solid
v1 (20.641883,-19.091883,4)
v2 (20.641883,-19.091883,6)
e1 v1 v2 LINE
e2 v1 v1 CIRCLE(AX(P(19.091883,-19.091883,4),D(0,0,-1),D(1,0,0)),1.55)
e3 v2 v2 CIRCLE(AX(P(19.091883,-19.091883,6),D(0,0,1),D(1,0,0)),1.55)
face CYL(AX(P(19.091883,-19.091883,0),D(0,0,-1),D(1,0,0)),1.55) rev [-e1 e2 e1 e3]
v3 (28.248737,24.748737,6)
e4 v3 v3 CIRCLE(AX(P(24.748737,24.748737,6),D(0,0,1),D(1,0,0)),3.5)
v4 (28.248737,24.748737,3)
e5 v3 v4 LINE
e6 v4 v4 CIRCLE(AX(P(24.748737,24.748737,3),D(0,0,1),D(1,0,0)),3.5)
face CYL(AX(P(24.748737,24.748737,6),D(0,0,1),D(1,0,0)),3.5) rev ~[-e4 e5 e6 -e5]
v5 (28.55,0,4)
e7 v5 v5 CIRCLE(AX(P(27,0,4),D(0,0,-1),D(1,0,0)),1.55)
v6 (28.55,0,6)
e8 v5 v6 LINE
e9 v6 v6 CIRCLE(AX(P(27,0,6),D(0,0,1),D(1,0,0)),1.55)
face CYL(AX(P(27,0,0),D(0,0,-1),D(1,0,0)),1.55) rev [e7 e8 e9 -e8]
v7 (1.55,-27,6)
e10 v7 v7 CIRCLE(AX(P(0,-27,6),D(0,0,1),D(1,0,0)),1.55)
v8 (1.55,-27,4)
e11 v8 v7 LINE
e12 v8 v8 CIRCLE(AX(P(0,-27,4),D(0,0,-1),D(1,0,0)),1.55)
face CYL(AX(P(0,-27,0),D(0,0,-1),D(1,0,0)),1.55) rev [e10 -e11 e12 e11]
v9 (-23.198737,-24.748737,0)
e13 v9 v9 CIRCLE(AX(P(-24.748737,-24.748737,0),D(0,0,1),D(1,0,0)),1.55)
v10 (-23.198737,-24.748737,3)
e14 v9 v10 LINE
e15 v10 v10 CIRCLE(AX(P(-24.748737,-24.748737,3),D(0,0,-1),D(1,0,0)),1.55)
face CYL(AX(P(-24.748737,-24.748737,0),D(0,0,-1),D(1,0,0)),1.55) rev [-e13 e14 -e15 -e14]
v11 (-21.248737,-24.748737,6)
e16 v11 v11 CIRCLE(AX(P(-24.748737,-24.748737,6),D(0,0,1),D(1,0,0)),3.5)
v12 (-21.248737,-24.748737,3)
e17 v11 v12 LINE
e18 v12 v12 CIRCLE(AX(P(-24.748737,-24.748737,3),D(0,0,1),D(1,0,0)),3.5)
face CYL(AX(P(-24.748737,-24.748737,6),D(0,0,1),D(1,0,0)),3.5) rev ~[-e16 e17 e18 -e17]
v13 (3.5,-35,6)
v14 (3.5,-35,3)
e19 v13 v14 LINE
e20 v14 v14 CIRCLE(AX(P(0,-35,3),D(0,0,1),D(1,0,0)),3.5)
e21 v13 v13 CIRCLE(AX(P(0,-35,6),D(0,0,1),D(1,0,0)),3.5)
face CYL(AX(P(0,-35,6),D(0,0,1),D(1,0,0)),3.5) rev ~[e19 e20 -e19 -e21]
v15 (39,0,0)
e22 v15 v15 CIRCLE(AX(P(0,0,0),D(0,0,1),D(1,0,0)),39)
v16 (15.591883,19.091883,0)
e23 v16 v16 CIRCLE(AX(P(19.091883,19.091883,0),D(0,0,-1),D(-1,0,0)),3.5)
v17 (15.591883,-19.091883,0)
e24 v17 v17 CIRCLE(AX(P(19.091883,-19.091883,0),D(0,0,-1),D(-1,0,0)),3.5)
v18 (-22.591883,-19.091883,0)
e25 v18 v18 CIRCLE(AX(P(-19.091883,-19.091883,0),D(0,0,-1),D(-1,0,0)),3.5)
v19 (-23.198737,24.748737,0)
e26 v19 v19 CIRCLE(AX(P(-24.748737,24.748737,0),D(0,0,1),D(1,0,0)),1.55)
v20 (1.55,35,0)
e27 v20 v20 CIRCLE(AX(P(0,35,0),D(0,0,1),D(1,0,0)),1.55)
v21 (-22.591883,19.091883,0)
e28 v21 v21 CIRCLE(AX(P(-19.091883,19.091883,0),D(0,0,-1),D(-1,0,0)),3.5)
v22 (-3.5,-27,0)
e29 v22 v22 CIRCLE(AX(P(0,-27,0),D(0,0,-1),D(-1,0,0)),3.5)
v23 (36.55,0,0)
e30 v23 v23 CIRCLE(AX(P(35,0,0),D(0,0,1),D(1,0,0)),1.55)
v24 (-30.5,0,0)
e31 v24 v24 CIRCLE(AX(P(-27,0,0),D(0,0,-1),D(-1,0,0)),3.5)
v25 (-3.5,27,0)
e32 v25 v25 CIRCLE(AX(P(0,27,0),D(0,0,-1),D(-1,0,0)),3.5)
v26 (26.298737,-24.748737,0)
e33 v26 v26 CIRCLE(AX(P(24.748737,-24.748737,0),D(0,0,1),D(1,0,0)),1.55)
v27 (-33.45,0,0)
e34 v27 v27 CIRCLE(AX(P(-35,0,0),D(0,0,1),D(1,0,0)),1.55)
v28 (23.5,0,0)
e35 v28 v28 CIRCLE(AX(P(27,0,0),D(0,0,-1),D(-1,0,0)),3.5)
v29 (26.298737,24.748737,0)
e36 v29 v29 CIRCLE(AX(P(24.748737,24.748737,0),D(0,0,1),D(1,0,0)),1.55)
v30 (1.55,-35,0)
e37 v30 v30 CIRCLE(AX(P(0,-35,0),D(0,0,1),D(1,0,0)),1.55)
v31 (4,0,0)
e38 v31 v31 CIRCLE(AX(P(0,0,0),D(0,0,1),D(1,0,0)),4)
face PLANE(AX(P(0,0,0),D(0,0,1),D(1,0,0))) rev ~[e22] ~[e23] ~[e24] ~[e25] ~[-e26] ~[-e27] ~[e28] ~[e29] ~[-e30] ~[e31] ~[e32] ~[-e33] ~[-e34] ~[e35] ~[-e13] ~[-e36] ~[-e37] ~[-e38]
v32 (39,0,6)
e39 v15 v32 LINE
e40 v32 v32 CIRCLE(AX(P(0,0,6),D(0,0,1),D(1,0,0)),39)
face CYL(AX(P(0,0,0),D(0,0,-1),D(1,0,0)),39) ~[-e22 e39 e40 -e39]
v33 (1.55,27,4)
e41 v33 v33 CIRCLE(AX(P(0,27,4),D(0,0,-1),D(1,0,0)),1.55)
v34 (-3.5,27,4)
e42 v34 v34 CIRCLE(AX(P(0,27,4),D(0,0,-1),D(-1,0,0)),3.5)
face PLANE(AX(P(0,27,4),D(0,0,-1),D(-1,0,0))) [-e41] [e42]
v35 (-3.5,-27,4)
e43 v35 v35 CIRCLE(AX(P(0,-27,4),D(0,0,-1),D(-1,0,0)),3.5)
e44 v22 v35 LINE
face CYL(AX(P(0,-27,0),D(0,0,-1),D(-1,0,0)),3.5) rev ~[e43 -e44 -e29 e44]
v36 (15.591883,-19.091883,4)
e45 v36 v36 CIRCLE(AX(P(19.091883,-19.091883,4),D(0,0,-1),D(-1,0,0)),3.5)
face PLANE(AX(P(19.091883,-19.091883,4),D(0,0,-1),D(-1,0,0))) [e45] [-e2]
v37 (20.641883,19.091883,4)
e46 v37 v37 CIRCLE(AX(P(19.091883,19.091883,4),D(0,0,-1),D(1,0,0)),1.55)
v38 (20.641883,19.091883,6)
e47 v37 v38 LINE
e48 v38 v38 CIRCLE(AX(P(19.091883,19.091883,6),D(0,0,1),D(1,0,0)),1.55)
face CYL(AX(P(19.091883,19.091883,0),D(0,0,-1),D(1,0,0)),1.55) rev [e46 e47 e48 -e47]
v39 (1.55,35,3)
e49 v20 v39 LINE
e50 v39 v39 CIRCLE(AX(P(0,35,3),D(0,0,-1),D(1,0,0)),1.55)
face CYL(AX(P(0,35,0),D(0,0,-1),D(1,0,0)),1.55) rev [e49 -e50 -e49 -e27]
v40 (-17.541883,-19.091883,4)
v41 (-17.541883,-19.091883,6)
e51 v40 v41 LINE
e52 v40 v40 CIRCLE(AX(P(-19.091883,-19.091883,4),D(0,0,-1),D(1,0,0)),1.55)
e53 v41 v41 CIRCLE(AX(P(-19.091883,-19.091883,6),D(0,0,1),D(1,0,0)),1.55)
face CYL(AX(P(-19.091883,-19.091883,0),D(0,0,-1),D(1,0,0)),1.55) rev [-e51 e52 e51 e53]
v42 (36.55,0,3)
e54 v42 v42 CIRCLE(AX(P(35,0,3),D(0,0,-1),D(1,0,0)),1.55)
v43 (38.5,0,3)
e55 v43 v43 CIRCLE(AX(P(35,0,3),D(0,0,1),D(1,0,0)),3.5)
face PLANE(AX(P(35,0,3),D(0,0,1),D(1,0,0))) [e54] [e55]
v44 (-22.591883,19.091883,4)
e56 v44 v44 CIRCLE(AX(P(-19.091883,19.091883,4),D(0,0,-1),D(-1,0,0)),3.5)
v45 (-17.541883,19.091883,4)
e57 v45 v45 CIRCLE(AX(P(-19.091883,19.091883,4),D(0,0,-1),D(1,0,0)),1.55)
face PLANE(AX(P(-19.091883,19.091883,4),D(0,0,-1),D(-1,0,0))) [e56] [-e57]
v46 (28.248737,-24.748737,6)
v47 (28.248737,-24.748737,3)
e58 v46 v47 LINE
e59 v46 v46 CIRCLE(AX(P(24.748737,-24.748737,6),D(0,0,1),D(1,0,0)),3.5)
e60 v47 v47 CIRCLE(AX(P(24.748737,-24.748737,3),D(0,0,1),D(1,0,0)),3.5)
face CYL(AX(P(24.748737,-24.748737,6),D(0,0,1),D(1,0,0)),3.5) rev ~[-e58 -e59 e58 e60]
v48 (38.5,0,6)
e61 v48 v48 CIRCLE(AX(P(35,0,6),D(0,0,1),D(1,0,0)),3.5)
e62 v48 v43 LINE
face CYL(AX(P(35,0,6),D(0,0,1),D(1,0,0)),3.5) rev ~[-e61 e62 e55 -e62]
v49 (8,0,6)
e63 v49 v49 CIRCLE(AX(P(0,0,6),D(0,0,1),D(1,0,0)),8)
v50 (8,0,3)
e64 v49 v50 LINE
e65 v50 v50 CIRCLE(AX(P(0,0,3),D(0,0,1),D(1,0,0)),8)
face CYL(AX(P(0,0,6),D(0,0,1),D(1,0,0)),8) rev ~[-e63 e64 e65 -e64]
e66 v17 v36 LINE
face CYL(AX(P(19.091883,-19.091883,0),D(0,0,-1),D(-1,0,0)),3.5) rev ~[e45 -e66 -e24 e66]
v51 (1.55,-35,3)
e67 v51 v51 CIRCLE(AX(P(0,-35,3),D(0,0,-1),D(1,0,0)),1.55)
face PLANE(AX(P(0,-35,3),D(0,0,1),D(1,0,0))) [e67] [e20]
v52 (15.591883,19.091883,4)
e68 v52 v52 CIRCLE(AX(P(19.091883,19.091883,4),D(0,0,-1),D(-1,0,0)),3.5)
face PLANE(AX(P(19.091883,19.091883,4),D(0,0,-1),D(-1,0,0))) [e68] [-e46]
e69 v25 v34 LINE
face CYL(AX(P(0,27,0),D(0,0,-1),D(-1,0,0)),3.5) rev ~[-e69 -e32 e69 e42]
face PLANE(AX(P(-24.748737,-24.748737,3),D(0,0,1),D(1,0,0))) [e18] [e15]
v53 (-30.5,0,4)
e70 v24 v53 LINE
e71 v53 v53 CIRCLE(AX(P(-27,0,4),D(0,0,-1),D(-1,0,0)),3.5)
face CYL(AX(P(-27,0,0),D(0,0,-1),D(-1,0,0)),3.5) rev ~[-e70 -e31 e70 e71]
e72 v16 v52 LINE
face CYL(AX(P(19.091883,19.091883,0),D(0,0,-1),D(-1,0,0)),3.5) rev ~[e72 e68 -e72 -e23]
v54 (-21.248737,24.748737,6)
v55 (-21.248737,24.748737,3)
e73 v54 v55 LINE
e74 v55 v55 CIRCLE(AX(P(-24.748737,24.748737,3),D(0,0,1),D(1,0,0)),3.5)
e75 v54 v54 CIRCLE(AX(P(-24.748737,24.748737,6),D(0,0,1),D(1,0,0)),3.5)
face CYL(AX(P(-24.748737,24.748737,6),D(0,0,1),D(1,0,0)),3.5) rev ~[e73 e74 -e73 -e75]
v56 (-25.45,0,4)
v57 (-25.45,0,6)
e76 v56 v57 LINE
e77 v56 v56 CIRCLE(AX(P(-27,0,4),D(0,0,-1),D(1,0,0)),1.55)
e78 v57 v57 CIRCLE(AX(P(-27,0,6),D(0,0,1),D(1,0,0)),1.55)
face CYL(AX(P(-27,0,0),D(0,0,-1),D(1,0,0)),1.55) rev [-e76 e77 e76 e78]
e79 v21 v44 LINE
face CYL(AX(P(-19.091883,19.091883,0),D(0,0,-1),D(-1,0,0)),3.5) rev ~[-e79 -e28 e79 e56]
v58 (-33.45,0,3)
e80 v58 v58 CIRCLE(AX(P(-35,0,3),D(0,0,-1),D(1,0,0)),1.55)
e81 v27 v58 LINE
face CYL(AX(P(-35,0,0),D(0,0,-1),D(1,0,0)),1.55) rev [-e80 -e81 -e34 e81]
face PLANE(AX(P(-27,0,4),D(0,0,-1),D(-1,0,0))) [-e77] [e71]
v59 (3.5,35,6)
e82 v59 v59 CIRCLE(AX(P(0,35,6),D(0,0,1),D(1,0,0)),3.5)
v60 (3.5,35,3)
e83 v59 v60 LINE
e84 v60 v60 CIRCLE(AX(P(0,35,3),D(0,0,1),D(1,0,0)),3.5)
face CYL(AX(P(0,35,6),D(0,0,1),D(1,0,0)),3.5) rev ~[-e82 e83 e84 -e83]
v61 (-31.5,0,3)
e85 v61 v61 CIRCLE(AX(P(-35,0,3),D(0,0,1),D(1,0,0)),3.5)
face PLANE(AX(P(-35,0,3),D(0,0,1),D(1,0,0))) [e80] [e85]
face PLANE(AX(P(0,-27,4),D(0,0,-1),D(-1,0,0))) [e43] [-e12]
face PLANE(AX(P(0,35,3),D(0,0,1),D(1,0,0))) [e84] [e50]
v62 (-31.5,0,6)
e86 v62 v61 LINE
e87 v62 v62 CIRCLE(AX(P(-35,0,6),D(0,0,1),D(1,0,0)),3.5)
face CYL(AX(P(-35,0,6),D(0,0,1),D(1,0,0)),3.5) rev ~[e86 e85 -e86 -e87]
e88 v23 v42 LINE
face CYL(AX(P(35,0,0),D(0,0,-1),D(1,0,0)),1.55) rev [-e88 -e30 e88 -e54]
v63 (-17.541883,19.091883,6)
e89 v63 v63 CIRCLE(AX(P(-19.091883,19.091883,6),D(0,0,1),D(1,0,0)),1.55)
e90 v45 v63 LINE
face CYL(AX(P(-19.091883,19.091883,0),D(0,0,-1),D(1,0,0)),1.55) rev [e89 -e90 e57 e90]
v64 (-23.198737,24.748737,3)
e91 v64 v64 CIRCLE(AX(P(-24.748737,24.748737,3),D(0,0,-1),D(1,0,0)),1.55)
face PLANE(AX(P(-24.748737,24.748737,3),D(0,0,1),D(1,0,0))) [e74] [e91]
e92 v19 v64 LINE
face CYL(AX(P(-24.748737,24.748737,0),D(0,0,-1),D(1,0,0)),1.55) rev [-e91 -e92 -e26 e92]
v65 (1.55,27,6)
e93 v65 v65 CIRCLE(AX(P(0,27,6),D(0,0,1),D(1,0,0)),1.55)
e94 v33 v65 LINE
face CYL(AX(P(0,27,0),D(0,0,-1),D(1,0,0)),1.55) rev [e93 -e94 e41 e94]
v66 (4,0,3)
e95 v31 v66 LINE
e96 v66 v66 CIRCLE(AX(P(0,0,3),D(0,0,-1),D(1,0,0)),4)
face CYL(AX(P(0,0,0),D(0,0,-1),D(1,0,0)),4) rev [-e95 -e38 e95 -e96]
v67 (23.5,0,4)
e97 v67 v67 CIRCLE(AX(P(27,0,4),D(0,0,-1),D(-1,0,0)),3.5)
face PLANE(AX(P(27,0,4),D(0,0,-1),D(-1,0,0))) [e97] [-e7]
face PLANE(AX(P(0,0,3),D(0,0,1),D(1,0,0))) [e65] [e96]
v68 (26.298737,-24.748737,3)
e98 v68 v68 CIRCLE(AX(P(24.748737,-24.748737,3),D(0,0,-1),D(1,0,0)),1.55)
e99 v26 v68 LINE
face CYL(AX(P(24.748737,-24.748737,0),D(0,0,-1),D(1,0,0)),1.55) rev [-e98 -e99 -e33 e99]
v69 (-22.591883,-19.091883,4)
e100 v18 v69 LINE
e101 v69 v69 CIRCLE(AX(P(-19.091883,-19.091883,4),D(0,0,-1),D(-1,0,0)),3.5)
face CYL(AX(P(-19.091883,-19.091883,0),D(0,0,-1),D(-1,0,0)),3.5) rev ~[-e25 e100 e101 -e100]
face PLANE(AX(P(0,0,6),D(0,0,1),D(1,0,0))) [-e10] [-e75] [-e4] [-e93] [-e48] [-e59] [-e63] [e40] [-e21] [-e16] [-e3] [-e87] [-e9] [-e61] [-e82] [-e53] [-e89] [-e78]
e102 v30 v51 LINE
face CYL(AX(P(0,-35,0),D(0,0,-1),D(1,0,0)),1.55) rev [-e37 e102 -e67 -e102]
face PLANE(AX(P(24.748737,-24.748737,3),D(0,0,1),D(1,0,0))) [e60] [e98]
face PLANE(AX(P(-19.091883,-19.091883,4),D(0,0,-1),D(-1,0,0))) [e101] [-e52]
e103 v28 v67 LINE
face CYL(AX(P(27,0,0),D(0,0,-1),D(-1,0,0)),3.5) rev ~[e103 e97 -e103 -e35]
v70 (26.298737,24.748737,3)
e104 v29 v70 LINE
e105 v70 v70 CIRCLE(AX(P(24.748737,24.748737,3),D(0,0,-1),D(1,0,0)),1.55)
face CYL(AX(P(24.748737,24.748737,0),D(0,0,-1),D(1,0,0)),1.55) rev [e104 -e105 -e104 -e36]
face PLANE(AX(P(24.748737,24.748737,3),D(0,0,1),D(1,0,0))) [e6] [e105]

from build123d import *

# Parameters (mm, degrees)
SKETCH1_R           = 39
SKETCH1_R_2         = 1.55
SKETCH1_R_3         = 4
BOSS_EXTRUDE2_DEPTH = 6
SKETCH2_R           = 8
CUT_EXTRUDE1_DEPTH  = 3
SKETCH3_R           = 3.5
CUT_EXTRUDE2_DEPTH  = 4
SKETCH4_R           = 3.5
CUT_EXTRUDE3_DEPTH  = 3


with BuildPart() as part:
    # Sketch1 → Boss-Extrude2 (new body)
    with BuildSketch(Plane.XY):
        Circle(SKETCH1_R)
        with Locations((-27, 0)):
            Circle(SKETCH1_R_2, mode=Mode.SUBTRACT)
        with Locations((-19.091883092, 19.091883092)):
            Circle(SKETCH1_R_2, mode=Mode.SUBTRACT)
        with Locations((0, 27)):
            Circle(SKETCH1_R_2, mode=Mode.SUBTRACT)
        with Locations((19.091883092, 19.091883092)):
            Circle(SKETCH1_R_2, mode=Mode.SUBTRACT)
        with Locations((27, 0)):
            Circle(SKETCH1_R_2, mode=Mode.SUBTRACT)
        with Locations((19.091883092, -19.091883092)):
            Circle(SKETCH1_R_2, mode=Mode.SUBTRACT)
        with Locations((0, -27)):
            Circle(SKETCH1_R_2, mode=Mode.SUBTRACT)
        with Locations((-19.091883092, -19.091883092)):
            Circle(SKETCH1_R_2, mode=Mode.SUBTRACT)
        Circle(SKETCH1_R_3, mode=Mode.SUBTRACT)
        with Locations((-35, 0)):
            Circle(SKETCH1_R_2, mode=Mode.SUBTRACT)
        with Locations((-24.748737342, 24.748737342)):
            Circle(SKETCH1_R_2, mode=Mode.SUBTRACT)
        with Locations((0, 35)):
            Circle(SKETCH1_R_2, mode=Mode.SUBTRACT)
        with Locations((24.748737342, 24.748737342)):
            Circle(SKETCH1_R_2, mode=Mode.SUBTRACT)
        with Locations((35, 0)):
            Circle(SKETCH1_R_2, mode=Mode.SUBTRACT)
        with Locations((24.748737342, -24.748737342)):
            Circle(SKETCH1_R_2, mode=Mode.SUBTRACT)
        with Locations((0, -35)):
            Circle(SKETCH1_R_2, mode=Mode.SUBTRACT)
        with Locations((-24.748737342, -24.748737342)):
            Circle(SKETCH1_R_2, mode=Mode.SUBTRACT)
    extrude(amount=BOSS_EXTRUDE2_DEPTH)

    # Sketch2 → Cut-Extrude1 (cut)
    with BuildSketch(Plane.XY.offset(6)):
        Circle(SKETCH2_R)
    extrude(amount=-CUT_EXTRUDE1_DEPTH, mode=Mode.SUBTRACT)

    # Sketch3 → Cut-Extrude2 (cut)
    with BuildSketch(Plane(origin=(0, 0, 0), x_dir=(-1, 0, 0), z_dir=(0, 0, -1))):
        with Locations((0, 27)):
            Circle(SKETCH3_R)
        with Locations((19.091883092, 19.091883092)):
            Circle(SKETCH3_R)
        with Locations((27, 0)):
            Circle(SKETCH3_R)
        with Locations((19.091883092, -19.091883092)):
            Circle(SKETCH3_R)
        with Locations((0, -27)):
            Circle(SKETCH3_R)
        with Locations((-19.091883092, -19.091883092)):
            Circle(SKETCH3_R)
        with Locations((-27, 0)):
            Circle(SKETCH3_R)
        with Locations((-19.091883092, 19.091883092)):
            Circle(SKETCH3_R)
    extrude(amount=-CUT_EXTRUDE2_DEPTH, mode=Mode.SUBTRACT)

    # Sketch4 → Cut-Extrude3 (cut)
    with BuildSketch(Plane.XY.offset(6)):
        with Locations((-35, 0)):
            Circle(SKETCH4_R)
        with Locations((-24.748737342, 24.748737342)):
            Circle(SKETCH4_R)
        with Locations((0, 35)):
            Circle(SKETCH4_R)
        with Locations((24.748737342, 24.748737342)):
            Circle(SKETCH4_R)
        with Locations((35, 0)):
            Circle(SKETCH4_R)
        with Locations((24.748737342, -24.748737342)):
            Circle(SKETCH4_R)
        with Locations((0, -35)):
            Circle(SKETCH4_R)
        with Locations((-24.748737342, -24.748737342)):
            Circle(SKETCH4_R)
    extrude(amount=-CUT_EXTRUDE3_DEPTH, mode=Mode.SUBTRACT)


solid = part.part
